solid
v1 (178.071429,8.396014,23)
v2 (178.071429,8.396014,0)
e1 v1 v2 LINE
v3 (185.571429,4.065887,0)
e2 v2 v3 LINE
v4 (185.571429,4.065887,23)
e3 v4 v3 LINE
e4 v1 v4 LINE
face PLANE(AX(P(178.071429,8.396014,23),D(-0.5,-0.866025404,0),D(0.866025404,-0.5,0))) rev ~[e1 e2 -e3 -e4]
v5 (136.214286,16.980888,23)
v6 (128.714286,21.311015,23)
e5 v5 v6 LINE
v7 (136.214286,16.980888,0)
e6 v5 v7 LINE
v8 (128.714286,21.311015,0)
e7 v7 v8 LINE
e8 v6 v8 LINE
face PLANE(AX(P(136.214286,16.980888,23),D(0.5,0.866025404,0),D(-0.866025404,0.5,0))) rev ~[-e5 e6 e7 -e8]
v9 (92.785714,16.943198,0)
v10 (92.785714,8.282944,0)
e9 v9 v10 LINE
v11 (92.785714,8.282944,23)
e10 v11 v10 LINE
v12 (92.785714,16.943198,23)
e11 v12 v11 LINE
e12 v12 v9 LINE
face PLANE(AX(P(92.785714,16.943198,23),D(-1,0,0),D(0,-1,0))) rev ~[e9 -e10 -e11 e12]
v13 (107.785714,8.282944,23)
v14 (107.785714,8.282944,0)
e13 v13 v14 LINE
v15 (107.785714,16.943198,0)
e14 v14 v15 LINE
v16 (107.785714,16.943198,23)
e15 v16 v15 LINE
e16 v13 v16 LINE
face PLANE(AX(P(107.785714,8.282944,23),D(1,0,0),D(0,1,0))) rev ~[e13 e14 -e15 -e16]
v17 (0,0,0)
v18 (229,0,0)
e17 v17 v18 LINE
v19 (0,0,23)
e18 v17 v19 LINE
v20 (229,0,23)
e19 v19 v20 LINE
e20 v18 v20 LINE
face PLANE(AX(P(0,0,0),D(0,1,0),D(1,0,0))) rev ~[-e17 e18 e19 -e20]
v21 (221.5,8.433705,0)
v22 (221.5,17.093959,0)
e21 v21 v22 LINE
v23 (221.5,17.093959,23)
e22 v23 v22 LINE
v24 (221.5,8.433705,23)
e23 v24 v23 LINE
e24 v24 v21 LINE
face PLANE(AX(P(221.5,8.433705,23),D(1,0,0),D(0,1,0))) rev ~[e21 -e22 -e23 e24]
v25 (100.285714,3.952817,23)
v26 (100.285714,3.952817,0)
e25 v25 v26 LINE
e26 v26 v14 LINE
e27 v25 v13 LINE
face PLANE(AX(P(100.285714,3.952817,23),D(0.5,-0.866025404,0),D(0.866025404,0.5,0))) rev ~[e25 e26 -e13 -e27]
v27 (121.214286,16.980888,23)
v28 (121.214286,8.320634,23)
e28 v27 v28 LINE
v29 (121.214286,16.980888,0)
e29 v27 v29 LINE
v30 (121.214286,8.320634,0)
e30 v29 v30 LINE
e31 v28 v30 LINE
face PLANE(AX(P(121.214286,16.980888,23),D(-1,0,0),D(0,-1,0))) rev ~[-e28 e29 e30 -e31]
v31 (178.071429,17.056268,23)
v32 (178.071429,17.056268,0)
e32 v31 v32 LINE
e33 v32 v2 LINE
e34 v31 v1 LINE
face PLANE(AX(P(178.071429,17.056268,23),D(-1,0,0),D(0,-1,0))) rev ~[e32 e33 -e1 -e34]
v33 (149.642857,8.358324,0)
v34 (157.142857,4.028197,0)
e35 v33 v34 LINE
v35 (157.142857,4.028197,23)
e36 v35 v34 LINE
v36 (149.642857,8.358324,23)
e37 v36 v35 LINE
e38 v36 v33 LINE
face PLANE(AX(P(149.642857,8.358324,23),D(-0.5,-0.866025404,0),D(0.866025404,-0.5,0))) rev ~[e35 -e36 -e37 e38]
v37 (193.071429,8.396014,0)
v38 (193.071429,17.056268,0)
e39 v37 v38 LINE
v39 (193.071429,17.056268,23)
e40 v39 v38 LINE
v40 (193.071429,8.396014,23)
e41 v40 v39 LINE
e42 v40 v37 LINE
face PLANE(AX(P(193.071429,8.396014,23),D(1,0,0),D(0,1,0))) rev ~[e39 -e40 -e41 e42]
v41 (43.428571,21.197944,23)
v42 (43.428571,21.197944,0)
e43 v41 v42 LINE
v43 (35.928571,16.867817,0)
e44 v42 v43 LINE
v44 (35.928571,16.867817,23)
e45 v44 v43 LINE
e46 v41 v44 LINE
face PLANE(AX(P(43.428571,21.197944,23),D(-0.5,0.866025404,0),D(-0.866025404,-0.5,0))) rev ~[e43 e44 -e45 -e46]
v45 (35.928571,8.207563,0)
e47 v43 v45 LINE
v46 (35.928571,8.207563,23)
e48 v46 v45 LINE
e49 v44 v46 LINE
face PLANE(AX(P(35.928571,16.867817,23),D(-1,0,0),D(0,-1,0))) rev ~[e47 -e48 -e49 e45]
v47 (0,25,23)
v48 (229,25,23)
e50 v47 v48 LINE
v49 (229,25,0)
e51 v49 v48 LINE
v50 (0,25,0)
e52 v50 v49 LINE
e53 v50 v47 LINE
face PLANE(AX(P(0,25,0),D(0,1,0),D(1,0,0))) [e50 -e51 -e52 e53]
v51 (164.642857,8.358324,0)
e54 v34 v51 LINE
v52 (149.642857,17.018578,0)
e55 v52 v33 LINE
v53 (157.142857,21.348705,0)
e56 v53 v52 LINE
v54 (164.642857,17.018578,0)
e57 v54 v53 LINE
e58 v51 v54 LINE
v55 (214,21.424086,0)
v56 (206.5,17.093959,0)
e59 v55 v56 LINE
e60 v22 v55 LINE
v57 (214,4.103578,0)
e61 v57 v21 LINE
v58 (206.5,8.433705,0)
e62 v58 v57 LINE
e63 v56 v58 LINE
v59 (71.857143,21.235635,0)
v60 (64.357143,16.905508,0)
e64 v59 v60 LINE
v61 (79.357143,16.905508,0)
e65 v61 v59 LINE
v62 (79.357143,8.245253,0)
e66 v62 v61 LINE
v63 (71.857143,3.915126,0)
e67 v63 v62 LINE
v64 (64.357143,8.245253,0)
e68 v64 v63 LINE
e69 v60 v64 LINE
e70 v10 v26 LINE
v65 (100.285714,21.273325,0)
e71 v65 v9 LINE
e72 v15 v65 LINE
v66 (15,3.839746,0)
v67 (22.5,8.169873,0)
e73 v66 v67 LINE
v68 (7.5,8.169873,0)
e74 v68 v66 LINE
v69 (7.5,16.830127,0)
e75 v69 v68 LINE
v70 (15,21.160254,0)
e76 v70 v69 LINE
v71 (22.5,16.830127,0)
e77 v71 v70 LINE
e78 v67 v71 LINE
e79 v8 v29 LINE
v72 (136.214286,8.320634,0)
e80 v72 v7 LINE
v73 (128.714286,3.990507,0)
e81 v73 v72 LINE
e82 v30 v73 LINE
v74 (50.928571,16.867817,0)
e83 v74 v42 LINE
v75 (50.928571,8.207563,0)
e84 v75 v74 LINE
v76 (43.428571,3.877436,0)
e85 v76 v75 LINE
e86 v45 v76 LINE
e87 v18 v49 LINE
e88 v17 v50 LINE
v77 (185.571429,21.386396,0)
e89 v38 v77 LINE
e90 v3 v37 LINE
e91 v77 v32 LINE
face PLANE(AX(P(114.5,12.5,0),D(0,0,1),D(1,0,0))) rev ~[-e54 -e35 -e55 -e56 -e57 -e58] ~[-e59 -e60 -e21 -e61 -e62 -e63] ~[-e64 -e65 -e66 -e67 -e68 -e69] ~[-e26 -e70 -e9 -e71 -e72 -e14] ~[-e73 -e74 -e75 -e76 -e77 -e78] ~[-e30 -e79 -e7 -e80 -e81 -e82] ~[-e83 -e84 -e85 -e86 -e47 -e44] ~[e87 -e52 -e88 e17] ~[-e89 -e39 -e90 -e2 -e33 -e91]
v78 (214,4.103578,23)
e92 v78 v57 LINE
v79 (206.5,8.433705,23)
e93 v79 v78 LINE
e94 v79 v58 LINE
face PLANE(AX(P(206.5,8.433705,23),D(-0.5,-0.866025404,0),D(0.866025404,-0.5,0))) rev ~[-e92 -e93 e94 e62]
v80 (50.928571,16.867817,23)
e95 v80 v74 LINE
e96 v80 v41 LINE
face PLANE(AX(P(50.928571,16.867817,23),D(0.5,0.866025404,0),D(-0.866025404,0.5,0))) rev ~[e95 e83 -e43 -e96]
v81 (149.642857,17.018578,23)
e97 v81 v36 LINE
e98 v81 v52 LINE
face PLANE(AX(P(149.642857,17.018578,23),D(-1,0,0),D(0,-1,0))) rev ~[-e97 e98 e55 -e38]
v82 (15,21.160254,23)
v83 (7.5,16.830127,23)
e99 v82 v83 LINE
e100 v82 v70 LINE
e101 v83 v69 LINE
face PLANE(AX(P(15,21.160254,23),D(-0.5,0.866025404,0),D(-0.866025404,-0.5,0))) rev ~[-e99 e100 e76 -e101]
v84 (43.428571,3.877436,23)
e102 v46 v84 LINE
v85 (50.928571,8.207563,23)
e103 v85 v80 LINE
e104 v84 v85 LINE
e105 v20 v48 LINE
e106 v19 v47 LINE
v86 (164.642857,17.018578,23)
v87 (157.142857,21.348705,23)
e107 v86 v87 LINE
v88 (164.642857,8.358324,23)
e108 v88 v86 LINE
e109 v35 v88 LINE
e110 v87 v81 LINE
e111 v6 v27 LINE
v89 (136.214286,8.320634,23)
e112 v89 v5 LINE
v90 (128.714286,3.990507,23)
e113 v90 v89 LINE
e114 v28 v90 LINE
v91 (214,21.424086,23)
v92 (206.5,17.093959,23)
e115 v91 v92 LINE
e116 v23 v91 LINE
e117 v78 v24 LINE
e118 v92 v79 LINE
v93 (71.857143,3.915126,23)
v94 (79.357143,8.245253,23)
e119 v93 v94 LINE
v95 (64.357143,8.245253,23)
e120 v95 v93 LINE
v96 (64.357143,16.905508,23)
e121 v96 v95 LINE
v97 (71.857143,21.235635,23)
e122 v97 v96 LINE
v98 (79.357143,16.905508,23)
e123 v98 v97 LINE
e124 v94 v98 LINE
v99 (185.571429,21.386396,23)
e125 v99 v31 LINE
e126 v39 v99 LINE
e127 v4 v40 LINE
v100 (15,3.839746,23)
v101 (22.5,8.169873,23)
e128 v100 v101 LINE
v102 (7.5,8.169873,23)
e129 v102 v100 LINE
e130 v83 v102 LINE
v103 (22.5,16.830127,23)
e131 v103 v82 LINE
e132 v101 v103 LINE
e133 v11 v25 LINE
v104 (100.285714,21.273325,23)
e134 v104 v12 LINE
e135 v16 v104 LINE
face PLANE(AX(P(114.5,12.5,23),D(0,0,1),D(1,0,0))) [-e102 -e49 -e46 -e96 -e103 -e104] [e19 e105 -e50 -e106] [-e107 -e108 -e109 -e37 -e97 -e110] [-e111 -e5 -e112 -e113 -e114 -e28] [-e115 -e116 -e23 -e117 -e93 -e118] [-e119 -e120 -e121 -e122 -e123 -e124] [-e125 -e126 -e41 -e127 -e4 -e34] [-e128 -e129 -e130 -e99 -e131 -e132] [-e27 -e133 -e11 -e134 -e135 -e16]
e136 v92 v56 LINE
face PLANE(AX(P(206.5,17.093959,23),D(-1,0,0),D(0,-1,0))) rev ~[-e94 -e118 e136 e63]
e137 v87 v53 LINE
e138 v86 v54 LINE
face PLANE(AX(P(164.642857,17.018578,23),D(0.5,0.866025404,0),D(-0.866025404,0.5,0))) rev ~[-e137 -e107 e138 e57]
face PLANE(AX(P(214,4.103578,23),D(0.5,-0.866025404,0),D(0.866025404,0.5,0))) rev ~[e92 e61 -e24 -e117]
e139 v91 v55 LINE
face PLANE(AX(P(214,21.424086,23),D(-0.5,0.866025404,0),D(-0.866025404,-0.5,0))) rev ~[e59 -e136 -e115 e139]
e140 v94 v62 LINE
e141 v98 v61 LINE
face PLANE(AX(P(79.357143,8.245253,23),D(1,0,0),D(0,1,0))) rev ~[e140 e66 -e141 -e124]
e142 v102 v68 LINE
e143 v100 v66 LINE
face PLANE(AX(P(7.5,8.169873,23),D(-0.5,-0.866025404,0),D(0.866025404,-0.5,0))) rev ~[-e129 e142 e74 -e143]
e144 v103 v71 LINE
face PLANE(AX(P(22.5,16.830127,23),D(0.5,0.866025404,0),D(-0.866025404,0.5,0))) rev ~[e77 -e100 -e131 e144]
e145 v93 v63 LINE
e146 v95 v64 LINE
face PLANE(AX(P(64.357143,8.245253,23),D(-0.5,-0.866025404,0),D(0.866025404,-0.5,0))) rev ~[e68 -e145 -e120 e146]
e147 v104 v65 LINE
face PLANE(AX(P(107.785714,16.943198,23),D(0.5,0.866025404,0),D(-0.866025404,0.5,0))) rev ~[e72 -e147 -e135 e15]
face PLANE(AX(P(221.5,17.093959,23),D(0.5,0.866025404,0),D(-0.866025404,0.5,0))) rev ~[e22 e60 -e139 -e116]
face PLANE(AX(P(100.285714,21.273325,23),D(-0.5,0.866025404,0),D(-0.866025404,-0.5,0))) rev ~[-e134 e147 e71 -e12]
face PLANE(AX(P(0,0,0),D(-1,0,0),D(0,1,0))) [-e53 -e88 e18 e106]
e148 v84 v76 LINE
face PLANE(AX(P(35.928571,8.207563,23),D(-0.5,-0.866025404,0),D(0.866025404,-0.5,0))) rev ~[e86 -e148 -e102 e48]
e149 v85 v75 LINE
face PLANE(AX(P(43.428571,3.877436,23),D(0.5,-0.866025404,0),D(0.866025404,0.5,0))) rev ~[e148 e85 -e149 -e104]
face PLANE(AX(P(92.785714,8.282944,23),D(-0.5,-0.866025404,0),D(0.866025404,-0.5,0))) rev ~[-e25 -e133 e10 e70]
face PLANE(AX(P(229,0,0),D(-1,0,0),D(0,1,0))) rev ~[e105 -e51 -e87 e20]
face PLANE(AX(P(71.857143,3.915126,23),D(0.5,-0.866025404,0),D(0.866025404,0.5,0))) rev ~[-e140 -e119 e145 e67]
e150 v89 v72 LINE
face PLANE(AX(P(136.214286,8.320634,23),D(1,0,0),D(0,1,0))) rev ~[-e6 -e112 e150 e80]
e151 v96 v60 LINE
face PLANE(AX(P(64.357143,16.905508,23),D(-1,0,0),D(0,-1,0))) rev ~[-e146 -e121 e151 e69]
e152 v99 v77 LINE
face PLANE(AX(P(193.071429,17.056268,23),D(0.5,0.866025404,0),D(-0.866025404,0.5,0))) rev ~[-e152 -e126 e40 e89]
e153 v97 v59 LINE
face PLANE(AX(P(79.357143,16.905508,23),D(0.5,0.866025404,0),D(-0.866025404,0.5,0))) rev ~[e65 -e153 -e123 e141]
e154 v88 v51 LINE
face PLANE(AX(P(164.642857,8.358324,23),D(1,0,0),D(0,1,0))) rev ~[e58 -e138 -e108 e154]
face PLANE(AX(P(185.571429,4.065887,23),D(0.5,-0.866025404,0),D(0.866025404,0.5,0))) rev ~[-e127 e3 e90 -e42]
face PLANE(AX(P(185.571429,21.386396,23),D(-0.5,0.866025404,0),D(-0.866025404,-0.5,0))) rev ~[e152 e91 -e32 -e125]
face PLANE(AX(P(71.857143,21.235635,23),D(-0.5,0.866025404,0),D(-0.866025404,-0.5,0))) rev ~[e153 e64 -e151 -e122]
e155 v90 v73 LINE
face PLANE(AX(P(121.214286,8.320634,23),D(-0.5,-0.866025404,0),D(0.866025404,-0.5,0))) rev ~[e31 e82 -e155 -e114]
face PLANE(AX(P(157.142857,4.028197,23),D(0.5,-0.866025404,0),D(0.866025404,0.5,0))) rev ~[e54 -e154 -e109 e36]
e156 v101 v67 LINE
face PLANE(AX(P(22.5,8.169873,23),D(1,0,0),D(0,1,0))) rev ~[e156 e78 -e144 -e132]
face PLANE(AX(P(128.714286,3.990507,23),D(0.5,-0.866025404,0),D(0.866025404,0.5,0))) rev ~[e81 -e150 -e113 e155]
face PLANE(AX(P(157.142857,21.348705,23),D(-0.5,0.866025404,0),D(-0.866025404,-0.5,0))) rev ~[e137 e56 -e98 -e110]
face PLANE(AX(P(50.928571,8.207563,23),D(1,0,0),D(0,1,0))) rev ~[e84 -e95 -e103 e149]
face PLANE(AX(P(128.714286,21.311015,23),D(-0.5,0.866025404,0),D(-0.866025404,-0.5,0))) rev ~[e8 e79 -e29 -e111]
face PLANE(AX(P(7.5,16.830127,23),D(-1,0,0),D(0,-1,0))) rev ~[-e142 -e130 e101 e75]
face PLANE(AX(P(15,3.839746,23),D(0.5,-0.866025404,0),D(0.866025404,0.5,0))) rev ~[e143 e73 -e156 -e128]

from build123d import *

# Parameters (mm, degrees)
SKETCH1_W           = 229
SKETCH1_H           = 25
BOSS_EXTRUDE1_DEPTH = 23
CUT_EXTRUDE1_DEPTH  = 23


with BuildPart() as part:
    # Sketch1 → Boss-Extrude1 (new body)
    with BuildSketch(Plane.XY):
        with Locations((114.5, 12.5)):
            Rectangle(SKETCH1_W, SKETCH1_H)
    extrude(amount=BOSS_EXTRUDE1_DEPTH)

    # Sketch2 → Cut-Extrude1 (cut)
    with BuildSketch(Plane.XY.offset(23)):
        Polygon((43.428571429, 21.197944284), (35.928571429, 16.867817265), (35.928571429, 8.207563227), (43.428571429, 3.877436208), (50.928571429, 8.207563227), (50.928571429, 16.867817265), align=None)
        Polygon((15, 3.839745962), (22.5, 8.169872981), (22.5, 16.830127019), (15, 21.160254038), (7.5, 16.830127019), (7.5, 8.169872981), align=None)
        Polygon((71.857142857, 21.235634529), (64.357142857, 16.90550751), (64.357142857, 8.245253472), (71.857142857, 3.915126454), (79.357142857, 8.245253472), (79.357142857, 16.90550751), align=None)
        Polygon((100.285714286, 21.273324775), (92.785714286, 16.943197756), (92.785714286, 8.282943718), (100.285714286, 3.952816699), (107.785714286, 8.282943718), (107.785714286, 16.943197756), align=None)
        Polygon((128.714285714, 21.311015021), (121.214285714, 16.980888002), (121.214285714, 8.320633964), (128.714285714, 3.990506945), (136.214285714, 8.320633964), (136.214285714, 16.980888002), align=None)
        Polygon((157.142857143, 21.348705266), (149.642857143, 17.018578247), (149.642857143, 8.358324209), (157.142857143, 4.028197191), (164.642857143, 8.358324209), (164.642857143, 17.018578247), align=None)
        Polygon((185.571428571, 21.386395512), (178.071428571, 17.056268493), (178.071428571, 8.396014455), (185.571428571, 4.065887436), (193.071428571, 8.396014455), (193.071428571, 17.056268493), align=None)
        Polygon((214, 21.424085758), (206.5, 17.093958739), (206.5, 8.433704701), (214, 4.103577682), (221.5, 8.433704701), (221.5, 17.093958739), align=None)
    extrude(amount=-CUT_EXTRUDE1_DEPTH, mode=Mode.SUBTRACT)


solid = part.part
